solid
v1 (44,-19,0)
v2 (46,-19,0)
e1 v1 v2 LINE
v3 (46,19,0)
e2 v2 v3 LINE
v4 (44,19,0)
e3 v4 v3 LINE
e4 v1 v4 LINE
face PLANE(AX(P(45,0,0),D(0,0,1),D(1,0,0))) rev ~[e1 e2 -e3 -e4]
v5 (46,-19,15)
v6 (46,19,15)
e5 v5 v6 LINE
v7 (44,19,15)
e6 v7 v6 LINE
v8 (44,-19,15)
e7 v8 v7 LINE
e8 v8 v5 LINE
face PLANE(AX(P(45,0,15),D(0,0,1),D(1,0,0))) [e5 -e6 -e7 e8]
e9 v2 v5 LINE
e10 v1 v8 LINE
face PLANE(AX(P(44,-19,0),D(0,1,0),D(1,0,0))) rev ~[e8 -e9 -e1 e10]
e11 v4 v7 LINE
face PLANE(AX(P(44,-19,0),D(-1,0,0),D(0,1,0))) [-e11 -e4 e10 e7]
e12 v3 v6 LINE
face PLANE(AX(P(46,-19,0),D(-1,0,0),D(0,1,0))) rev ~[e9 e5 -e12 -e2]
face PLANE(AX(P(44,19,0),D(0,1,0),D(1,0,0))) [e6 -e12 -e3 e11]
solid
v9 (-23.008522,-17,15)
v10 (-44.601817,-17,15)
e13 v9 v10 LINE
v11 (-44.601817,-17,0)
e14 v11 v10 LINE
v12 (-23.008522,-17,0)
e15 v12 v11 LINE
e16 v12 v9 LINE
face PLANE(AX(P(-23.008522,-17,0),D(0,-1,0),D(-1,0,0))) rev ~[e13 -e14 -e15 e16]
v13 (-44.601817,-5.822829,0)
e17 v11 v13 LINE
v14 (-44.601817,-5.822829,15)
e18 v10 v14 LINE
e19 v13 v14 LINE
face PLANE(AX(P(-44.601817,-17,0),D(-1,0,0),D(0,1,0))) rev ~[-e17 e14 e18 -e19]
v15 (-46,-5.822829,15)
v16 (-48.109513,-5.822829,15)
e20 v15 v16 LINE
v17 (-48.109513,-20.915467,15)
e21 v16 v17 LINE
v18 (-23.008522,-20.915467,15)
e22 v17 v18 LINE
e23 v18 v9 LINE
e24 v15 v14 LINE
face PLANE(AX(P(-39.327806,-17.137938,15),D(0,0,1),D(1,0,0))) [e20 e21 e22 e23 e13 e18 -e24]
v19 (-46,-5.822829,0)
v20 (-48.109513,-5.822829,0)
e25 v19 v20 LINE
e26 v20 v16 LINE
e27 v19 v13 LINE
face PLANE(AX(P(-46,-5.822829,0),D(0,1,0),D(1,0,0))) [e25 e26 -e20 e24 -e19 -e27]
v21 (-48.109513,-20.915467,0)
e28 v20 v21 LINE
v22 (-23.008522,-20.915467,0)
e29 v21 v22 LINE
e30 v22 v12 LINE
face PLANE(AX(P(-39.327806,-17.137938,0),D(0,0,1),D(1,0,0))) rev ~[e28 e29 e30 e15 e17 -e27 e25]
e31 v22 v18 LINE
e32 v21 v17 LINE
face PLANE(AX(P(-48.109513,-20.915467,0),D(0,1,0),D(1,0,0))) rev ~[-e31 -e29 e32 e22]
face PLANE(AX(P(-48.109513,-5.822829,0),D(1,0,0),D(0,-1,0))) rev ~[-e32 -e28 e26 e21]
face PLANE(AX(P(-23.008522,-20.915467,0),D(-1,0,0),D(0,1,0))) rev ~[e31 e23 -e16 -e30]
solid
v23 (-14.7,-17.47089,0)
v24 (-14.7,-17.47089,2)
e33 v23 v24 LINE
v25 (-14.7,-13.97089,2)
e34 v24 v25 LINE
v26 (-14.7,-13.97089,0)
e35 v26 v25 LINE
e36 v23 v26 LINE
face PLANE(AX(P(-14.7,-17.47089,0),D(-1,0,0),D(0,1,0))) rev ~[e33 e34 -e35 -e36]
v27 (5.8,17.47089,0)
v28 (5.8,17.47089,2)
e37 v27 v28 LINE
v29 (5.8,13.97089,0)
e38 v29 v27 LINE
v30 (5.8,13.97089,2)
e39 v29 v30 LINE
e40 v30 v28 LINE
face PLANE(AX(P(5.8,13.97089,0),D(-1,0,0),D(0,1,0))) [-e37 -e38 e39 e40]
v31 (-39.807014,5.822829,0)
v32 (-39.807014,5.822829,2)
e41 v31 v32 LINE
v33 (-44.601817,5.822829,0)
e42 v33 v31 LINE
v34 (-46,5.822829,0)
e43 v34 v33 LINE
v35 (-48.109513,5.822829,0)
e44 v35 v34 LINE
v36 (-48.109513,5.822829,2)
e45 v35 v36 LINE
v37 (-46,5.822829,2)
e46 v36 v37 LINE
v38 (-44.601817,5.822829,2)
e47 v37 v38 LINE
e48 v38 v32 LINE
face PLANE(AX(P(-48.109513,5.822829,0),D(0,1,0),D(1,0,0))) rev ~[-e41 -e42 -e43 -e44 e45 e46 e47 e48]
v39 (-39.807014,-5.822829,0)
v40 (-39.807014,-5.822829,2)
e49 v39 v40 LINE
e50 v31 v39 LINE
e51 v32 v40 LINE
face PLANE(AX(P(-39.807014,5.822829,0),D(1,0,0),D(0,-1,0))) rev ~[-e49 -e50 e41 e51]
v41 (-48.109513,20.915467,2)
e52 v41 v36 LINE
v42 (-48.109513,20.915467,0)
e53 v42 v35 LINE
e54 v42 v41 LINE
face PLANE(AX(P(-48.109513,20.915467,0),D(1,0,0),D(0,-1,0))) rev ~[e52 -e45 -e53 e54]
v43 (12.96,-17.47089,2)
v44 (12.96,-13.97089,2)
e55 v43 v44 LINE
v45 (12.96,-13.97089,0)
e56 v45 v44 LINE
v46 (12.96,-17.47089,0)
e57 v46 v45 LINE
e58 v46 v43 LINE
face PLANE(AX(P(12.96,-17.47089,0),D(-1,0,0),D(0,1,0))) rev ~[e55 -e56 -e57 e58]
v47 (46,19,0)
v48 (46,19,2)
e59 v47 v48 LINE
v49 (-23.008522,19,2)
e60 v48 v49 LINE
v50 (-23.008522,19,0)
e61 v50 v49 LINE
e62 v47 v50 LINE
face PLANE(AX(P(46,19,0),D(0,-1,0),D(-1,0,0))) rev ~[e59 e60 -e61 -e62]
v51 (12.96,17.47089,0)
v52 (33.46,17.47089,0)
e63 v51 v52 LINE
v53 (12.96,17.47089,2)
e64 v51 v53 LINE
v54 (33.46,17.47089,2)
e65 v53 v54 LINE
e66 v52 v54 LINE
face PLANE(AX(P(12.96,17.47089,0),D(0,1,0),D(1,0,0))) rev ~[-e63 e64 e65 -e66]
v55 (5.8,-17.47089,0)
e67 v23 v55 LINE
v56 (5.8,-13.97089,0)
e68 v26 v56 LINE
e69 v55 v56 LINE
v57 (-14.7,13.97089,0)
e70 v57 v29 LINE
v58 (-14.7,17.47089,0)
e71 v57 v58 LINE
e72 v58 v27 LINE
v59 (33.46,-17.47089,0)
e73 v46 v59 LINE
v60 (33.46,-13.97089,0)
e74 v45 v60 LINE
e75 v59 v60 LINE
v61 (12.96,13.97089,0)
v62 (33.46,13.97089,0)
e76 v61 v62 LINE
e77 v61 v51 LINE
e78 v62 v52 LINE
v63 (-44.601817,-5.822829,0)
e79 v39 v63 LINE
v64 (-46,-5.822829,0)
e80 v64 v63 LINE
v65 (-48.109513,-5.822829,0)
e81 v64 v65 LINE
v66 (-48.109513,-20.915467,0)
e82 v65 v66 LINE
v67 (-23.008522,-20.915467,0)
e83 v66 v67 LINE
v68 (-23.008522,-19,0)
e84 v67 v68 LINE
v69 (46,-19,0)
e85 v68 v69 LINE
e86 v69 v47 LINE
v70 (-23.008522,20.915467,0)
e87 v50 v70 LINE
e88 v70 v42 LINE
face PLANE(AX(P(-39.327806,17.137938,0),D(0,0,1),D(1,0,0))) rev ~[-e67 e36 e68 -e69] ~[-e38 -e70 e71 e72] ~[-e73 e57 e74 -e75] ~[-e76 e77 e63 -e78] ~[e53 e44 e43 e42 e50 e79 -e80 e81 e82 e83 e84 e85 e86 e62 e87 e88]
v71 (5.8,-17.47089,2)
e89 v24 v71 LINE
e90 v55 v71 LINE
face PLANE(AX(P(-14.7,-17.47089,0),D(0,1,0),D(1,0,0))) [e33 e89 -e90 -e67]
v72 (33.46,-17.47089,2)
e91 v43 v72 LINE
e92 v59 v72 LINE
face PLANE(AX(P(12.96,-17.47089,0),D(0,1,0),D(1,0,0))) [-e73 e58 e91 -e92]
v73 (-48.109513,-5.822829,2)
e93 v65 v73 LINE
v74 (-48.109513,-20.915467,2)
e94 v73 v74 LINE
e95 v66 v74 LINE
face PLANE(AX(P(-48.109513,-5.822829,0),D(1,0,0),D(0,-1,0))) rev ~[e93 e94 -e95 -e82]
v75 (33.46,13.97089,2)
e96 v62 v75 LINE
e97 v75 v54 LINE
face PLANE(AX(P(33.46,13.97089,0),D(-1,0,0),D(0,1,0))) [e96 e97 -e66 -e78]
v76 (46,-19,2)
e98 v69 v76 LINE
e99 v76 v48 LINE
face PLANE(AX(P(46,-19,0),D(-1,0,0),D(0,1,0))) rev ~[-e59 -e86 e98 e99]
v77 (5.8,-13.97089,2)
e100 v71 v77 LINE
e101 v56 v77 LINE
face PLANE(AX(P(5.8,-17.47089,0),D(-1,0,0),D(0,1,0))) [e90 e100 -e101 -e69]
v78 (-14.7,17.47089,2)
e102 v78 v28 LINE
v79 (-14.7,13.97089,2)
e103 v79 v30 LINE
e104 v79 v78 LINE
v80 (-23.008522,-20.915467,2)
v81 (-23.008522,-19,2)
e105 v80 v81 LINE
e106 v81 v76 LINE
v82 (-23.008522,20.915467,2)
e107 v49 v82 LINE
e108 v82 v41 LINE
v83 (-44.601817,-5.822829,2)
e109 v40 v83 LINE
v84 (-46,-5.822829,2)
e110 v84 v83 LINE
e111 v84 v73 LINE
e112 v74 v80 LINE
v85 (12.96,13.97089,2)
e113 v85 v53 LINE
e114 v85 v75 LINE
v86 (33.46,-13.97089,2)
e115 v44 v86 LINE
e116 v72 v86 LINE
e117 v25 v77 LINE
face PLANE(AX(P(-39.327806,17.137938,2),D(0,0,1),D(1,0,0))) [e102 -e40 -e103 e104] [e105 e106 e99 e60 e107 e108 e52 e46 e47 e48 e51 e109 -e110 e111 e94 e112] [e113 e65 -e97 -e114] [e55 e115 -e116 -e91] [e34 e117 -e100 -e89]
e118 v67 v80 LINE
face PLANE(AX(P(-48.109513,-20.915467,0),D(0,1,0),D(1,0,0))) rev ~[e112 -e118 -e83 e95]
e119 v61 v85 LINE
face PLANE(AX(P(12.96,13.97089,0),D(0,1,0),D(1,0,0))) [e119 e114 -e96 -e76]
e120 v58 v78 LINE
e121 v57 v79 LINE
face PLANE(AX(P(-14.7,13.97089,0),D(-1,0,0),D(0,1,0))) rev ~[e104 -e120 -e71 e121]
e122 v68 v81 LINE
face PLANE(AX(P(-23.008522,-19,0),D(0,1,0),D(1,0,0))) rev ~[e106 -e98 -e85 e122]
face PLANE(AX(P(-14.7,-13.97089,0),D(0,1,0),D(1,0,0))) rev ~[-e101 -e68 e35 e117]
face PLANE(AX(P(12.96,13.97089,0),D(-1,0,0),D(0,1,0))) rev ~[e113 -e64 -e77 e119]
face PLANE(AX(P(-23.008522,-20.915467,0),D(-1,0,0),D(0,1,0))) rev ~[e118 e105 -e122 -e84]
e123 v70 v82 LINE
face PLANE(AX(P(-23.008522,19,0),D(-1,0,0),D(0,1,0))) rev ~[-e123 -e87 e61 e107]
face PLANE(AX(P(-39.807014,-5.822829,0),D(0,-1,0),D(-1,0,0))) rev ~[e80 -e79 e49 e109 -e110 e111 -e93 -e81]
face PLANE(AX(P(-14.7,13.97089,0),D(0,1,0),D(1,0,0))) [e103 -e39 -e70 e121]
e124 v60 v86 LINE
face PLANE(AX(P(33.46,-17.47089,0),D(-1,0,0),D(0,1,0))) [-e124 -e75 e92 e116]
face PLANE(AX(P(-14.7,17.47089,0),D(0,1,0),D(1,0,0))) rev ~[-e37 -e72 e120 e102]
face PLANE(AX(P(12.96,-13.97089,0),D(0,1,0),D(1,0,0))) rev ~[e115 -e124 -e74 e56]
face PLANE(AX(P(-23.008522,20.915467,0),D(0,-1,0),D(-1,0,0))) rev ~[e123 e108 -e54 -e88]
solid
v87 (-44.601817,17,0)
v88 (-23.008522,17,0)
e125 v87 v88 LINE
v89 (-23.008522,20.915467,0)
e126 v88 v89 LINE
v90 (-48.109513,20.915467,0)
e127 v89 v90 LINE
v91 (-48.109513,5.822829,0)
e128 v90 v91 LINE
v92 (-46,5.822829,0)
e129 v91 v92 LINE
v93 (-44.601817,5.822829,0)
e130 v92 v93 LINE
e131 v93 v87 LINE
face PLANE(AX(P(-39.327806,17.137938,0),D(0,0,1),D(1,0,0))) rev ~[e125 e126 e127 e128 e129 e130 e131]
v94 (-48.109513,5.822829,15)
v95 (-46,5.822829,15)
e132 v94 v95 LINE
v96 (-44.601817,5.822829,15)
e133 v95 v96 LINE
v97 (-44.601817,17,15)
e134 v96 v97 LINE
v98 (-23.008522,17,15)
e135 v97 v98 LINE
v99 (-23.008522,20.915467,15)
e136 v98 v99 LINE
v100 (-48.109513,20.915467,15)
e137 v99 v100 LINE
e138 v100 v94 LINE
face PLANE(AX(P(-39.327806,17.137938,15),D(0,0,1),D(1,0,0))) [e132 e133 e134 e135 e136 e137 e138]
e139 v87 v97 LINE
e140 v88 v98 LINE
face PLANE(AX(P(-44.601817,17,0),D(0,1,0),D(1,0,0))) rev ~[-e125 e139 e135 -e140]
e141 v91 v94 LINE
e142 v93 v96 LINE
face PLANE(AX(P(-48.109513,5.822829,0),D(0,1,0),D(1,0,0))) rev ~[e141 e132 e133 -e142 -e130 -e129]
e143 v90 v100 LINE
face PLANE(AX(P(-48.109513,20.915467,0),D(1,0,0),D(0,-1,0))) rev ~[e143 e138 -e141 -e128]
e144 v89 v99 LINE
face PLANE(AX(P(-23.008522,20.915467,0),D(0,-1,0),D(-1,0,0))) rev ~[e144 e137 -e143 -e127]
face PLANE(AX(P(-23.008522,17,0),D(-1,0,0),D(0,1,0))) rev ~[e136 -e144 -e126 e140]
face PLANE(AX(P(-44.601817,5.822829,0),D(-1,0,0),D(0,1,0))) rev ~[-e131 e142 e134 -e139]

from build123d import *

# Parameters (mm, degrees)
F0_W     = 2
F0_H     = 38
F1_DEPTH = 15
F0_W_2   = 1.398183316
F0_H_2   = 11.1771705635
F0_W_3   = 20.5
F0_H_3   = 3.5
F2_DEPTH = 2


with BuildPart() as f1:
    # F0 (on Top) → F1 (new body)
    with BuildSketch(Plane.XY):
        with Locations((45, 0)):
            Rectangle(F0_W, F0_H)
    extrude(amount=F1_DEPTH)


with BuildPart() as f1b:
    # F0 (on Top) → F1, piece 2 (new body)
    with BuildSketch(Plane.XY):
        Polygon((-46, 17), (-46, 19), (-23.0085216463, 19), (-23.0085216463, 20.9154672921), (-46, 20.9154672921), (-48.1095127761, 20.9154672921), (-48.1095127761, 5.8228294365), (-46, 5.8228294365), align=None)
        Polygon((-23.0085216463, 19), (-46, 19), (-46, 17), (-44.601816684, 17), (-23.0085216463, 17), align=None)
        with Locations((-45.300908342, 11.4114147183)):
            Rectangle(F0_W_2, F0_H_2)
    extrude(amount=F1_DEPTH)


with BuildPart() as f1c:
    # F0 (on Top) → F1, piece 3 (new body)
    with BuildSketch(Plane.XY):
        Polygon((-23.0085216463, -20.9154672921), (-23.0085216463, -19), (-46, -19), (-46, -17), (-46, -5.8228294365), (-48.1095127761, -5.8228294365), (-48.1095127761, -20.9154672921), (-46, -20.9154672921), align=None)
        Polygon((-46, -19), (-23.0085216463, -19), (-23.0085216463, -17), (-44.601816684, -17), (-46, -17), align=None)
        with Locations((-45.300908342, -11.4114147183)):
            Rectangle(F0_W_2, F0_H_2)
    extrude(amount=F1_DEPTH)


with BuildPart() as f2:
    # F0 (on Top) → F2 (new body)
    with BuildSketch(Plane.XY):
        Polygon((-46, 17), (-46, 19), (-23.0085216463, 19), (-23.0085216463, 20.9154672921), (-46, 20.9154672921), (-48.1095127761, 20.9154672921), (-48.1095127761, 5.8228294365), (-46, 5.8228294365), align=None)
        Polygon((-23.0085216463, 19), (-46, 19), (-46, 17), (-44.601816684, 17), (-23.0085216463, 17), align=None)
        Polygon((44, 19), (-23.0085216463, 19), (-23.0085216463, 17), (-44.601816684, 17), (-44.601816684, 5.8228294365), (-39.8070141673, 5.8228294365), (-39.8070141673, -5.8228294365), (-44.601816684, -5.8228294365), (-44.601816684, -17), (-23.0085216463, -17), (-23.0085216463, -19), (44, -19), align=None)
        with Locations((-4.45, -15.7208904922)):
            Rectangle(F0_W_3, F0_H_3, mode=Mode.SUBTRACT)
        with Locations((23.21, -15.7208904922)):
            Rectangle(F0_W_3, F0_H_3, mode=Mode.SUBTRACT)
        with Locations((-4.45, 15.7208904922)):
            Rectangle(F0_W_3, F0_H_3, mode=Mode.SUBTRACT)
        with Locations((23.21, 15.7208904922)):
            Rectangle(F0_W_3, F0_H_3, mode=Mode.SUBTRACT)
        with Locations((-45.300908342, 11.4114147183)):
            Rectangle(F0_W_2, F0_H_2)
        with Locations((45, 0)):
            Rectangle(F0_W, F0_H)
        Polygon((-23.0085216463, -20.9154672921), (-23.0085216463, -19), (-46, -19), (-46, -17), (-46, -5.8228294365), (-48.1095127761, -5.8228294365), (-48.1095127761, -20.9154672921), (-46, -20.9154672921), align=None)
        Polygon((-46, -19), (-23.0085216463, -19), (-23.0085216463, -17), (-44.601816684, -17), (-46, -17), align=None)
        with Locations((-45.300908342, -11.4114147183)):
            Rectangle(F0_W_2, F0_H_2)
    extrude(amount=F2_DEPTH)


solid = Compound([f1.part, f1b.part, f1c.part, f2.part])
